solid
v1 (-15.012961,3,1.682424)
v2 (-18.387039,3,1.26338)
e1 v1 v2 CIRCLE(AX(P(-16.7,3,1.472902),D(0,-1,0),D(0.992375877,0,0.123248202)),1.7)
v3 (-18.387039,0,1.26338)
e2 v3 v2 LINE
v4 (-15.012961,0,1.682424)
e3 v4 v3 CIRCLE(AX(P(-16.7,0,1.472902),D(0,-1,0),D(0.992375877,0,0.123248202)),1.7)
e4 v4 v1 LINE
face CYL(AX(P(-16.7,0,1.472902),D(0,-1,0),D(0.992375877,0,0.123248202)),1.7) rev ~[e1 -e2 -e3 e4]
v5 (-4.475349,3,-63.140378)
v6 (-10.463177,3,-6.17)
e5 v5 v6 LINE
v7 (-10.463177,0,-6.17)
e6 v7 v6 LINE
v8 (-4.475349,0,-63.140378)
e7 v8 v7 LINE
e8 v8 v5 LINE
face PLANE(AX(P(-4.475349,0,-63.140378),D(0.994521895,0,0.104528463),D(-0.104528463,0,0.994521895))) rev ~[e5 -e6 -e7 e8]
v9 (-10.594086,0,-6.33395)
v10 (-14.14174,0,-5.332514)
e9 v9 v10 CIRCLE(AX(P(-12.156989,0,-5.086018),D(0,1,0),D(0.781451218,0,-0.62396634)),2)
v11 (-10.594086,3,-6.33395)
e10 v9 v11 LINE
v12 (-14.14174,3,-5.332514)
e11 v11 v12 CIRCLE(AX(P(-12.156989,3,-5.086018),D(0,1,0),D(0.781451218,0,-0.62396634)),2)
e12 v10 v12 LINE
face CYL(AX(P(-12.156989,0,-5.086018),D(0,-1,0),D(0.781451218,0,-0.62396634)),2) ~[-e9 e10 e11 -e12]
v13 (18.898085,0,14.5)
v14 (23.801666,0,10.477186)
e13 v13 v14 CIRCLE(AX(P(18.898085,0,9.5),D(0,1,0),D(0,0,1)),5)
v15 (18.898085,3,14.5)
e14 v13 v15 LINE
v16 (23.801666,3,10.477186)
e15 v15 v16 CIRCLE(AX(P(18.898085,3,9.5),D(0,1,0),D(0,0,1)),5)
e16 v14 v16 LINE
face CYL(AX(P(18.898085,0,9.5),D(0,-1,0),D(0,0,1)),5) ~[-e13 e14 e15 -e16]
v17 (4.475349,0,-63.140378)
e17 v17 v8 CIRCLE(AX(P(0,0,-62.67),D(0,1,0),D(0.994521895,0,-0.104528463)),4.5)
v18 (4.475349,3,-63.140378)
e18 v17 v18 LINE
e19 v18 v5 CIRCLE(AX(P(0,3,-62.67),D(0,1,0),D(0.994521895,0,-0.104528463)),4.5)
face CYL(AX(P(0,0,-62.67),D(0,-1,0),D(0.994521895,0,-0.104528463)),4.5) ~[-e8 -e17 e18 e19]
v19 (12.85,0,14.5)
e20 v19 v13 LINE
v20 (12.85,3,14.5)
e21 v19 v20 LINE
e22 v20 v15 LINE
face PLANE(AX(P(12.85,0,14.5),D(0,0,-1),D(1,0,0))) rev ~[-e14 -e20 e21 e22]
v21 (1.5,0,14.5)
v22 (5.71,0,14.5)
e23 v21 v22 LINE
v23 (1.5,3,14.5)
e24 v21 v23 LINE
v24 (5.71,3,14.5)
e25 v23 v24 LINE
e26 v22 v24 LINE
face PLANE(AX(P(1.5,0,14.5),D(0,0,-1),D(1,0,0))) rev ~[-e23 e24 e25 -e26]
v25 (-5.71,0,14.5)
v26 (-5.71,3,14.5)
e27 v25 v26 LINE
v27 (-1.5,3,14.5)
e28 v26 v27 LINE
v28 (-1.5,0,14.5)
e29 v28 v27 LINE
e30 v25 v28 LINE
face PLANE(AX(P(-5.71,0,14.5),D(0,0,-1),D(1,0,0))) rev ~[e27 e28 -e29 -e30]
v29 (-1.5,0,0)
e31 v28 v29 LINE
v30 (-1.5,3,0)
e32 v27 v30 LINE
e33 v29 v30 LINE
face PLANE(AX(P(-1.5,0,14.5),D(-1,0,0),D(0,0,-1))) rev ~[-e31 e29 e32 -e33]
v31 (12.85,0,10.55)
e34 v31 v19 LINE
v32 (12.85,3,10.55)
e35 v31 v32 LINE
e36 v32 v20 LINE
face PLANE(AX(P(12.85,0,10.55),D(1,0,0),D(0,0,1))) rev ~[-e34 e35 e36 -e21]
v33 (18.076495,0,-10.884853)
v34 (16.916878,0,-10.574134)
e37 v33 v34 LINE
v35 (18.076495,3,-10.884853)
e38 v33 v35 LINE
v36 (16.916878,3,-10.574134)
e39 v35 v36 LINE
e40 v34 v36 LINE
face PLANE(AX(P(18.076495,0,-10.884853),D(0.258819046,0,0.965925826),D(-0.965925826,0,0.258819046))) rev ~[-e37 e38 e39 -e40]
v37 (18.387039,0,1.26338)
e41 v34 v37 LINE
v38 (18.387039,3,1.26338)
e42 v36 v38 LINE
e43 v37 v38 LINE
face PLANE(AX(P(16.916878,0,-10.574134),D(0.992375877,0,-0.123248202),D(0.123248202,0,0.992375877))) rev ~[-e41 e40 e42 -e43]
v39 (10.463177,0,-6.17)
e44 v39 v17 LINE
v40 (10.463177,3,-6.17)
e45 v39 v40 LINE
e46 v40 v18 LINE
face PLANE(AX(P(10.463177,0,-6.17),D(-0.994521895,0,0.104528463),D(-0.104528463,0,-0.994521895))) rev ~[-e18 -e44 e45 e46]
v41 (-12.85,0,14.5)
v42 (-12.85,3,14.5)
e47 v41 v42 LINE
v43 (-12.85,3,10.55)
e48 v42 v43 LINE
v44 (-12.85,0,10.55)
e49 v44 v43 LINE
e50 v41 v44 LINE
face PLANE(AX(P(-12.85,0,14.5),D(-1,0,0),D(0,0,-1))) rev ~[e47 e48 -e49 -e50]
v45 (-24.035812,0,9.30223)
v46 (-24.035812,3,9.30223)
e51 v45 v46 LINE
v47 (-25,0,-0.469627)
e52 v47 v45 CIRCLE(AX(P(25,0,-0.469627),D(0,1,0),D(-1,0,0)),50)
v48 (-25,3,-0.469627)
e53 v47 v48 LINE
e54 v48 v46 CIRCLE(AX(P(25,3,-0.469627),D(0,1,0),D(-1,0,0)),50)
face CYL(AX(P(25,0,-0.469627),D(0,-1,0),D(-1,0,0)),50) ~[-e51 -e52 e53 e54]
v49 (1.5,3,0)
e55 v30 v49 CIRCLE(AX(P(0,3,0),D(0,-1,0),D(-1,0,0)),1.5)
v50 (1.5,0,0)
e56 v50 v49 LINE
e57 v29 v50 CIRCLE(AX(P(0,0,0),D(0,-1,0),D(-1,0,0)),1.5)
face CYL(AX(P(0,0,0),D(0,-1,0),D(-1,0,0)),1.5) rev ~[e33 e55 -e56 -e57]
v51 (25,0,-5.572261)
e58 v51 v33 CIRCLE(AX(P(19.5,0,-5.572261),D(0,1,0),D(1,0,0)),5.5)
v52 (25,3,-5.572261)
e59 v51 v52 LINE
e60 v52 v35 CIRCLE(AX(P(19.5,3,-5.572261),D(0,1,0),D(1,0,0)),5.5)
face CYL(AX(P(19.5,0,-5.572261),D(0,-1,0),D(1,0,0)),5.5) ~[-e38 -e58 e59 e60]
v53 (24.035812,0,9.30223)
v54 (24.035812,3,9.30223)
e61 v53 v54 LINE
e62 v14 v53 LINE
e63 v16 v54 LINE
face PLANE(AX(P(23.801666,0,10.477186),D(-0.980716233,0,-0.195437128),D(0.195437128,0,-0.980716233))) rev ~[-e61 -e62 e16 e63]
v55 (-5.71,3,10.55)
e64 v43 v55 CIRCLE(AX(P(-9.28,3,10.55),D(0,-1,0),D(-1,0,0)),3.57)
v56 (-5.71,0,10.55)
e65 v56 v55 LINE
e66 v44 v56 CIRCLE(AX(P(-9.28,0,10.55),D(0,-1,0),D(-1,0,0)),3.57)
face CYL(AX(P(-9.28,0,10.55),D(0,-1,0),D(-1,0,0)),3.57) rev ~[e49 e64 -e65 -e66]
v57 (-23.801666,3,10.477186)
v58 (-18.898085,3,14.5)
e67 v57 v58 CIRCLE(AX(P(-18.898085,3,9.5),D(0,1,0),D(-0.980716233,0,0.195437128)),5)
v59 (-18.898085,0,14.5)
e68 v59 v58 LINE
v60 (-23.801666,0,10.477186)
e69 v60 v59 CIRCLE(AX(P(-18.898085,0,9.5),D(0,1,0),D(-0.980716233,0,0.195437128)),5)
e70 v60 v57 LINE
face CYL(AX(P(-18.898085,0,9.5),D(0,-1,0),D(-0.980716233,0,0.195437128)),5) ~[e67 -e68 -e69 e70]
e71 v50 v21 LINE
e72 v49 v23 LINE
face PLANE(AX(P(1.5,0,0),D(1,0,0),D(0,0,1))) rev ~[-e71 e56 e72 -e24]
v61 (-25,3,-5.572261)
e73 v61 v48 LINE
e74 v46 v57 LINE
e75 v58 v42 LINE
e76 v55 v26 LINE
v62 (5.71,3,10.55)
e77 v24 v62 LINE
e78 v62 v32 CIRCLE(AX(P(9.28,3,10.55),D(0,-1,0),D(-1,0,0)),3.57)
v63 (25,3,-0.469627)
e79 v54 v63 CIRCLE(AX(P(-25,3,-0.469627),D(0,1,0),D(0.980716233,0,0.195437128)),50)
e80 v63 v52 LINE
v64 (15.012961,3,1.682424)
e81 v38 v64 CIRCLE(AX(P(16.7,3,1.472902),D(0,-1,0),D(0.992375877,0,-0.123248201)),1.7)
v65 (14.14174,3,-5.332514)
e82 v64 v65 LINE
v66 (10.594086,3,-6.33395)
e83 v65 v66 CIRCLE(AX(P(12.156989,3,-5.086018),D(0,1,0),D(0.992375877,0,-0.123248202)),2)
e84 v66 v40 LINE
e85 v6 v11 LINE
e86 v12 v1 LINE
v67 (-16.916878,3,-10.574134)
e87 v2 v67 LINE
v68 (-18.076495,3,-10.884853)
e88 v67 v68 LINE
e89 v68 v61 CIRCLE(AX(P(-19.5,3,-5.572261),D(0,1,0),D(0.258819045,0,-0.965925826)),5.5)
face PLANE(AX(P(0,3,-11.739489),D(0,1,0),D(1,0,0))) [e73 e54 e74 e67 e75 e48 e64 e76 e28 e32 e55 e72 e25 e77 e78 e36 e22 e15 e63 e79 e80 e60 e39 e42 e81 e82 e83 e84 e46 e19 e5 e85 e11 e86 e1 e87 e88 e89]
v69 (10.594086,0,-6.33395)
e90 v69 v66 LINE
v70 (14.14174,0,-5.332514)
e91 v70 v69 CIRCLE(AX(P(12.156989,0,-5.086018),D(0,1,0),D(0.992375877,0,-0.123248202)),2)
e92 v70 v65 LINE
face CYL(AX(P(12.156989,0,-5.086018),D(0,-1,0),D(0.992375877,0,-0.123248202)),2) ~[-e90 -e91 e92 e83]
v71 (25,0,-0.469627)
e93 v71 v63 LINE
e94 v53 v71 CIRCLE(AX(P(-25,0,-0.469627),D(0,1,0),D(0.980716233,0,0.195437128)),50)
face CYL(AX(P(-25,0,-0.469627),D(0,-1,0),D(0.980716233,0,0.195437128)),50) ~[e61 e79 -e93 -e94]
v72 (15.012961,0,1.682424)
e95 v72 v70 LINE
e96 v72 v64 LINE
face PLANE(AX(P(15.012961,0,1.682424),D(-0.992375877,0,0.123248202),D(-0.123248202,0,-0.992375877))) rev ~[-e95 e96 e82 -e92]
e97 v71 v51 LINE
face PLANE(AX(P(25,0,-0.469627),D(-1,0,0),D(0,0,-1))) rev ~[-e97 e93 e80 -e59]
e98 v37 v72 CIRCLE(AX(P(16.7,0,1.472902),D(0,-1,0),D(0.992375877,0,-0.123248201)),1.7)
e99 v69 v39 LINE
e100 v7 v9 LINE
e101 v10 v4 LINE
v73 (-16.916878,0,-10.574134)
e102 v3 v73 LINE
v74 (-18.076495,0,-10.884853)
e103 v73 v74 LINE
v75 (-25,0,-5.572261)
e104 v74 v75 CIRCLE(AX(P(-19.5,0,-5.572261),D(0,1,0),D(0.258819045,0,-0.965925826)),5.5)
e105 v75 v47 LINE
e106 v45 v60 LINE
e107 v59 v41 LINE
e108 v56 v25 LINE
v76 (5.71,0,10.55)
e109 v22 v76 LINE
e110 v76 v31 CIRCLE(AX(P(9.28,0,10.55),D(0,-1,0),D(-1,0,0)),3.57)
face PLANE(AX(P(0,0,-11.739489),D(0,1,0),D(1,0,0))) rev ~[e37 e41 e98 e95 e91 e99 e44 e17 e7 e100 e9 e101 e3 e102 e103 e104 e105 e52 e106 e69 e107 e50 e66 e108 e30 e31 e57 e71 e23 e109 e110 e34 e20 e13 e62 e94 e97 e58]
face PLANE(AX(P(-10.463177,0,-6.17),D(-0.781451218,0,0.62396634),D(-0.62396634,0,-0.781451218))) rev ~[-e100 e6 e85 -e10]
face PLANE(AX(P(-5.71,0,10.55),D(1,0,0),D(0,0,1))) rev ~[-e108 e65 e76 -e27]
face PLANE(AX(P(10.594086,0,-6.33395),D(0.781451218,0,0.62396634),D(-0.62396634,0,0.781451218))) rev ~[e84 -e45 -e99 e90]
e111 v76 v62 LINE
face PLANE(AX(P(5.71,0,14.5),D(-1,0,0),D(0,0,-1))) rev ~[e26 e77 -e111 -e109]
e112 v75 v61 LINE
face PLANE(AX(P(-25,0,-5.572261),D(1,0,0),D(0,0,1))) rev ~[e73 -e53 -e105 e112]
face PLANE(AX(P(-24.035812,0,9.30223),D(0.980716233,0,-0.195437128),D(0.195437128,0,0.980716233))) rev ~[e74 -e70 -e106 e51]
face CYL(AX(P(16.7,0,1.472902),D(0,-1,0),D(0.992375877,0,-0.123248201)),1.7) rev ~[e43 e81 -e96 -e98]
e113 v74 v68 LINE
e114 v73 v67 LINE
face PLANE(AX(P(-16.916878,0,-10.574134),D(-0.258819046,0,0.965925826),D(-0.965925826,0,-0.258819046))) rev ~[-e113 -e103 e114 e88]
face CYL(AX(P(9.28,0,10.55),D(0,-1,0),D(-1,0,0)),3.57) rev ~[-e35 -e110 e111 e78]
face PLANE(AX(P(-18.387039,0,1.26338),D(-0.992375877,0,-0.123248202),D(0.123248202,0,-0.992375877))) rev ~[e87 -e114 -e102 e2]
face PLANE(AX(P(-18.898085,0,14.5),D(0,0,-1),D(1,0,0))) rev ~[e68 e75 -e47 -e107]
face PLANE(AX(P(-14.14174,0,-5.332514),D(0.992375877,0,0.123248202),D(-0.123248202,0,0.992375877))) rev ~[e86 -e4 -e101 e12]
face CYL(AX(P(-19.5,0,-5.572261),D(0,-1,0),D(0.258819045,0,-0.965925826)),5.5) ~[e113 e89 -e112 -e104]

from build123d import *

# Parameters (mm, degrees)
BOSS_EXTRUDE1_DEPTH = 3


with BuildPart() as part:
    # Sketch1 → Boss-Extrude1 (new body)
    with BuildSketch(Plane(origin=(0, 0, 0), x_dir=(1, 0, 0), z_dir=(0, 1, 0))):
        with BuildLine():
            Line((10.463176551, 6.170000059), (4.475348529, 63.140378143))
            ThreePointArc((4.475348529, 63.140378143), (0, 67.170000059), (-4.475348529, 63.140378143))
            Line((-4.475348529, 63.140378143), (-10.463176551, 6.170000059))
            Line((-10.463176551, 6.170000059), (-10.594086082, 6.333950269))
            ThreePointArc((-10.594086082, 6.333950269), (-12.700318865, 7.010801248), (-14.141740272, 5.332513992))
            Line((-14.141740272, 5.332513992), (-15.012961009, -1.682423602))
            ThreePointArc((-15.012961009, -1.682423602), (-16.909521943, -3.15994065), (-18.387038991, -1.263379717))
            Line((-18.387038991, -1.263379717), (-16.916878018, 10.574134051))
            Line((-16.916878018, 10.574134051), (-18.076495252, 10.884852553))
            ThreePointArc((-18.076495252, 10.884852553), (-22.84818786, 9.93570388), (-25, 5.572260508))
            Line((-25, 5.572260508), (-25, 0.469626677))
            ThreePointArc((-25, 0.469626677), (-24.758369054, -4.440028009), (-24.035811635, -9.302229714))
            Line((-24.035811635, -9.302229714), (-23.801666433, -10.47718558))
            ThreePointArc((-23.801666433, -10.47718558), (-22.069368276, -13.365612971), (-18.89808527, -14.499999941))
            Line((-18.89808527, -14.499999941), (-12.85, -14.499999941))
            Line((-12.85, -14.499999941), (-12.85, -10.549999941))
            ThreePointArc((-12.85, -10.549999941), (-9.28, -6.979999941), (-5.71, -10.549999941))
            Line((-5.71, -10.549999941), (-5.71, -14.499999941))
            Line((-5.71, -14.499999941), (-1.500000059, -14.499999941))
            Line((-1.500000059, -14.499999941), (-1.500000059, 0))
            ThreePointArc((-1.500000059, 0), (0, 1.500000059), (1.500000059, 0))
            Line((1.500000059, 0), (1.500000059, -14.499999941))
            Line((1.500000059, -14.499999941), (5.71, -14.499999941))
            Line((5.71, -14.499999941), (5.71, -10.549999941))
            ThreePointArc((5.71, -10.549999941), (9.28, -6.979999941), (12.85, -10.549999941))
            Line((12.85, -10.549999941), (12.85, -14.499999941))
            Line((12.85, -14.499999941), (18.89808527, -14.499999941))
            ThreePointArc((18.89808527, -14.499999941), (22.069368276, -13.365612971), (23.801666433, -10.47718558))
            Line((23.801666433, -10.47718558), (24.035811635, -9.302229714))
            ThreePointArc((24.035811635, -9.302229714), (24.758369054, -4.440028009), (25, 0.469626677))
            Line((25, 0.469626677), (25, 5.572260508))
            ThreePointArc((25, 5.572260508), (22.84818786, 9.93570388), (18.076495252, 10.884852553))
            Line((18.076495252, 10.884852553), (16.916878018, 10.574134051))
            Line((16.916878018, 10.574134051), (18.387038991, -1.263379717))
            ThreePointArc((18.387038991, -1.263379717), (16.909521943, -3.15994065), (15.012961009, -1.682423602))
            Line((15.012961009, -1.682423602), (14.141740272, 5.332513992))
            ThreePointArc((14.141740272, 5.332513992), (12.700318865, 7.010801248), (10.594086082, 6.333950269))
            Line((10.594086082, 6.333950269), (10.463176551, 6.170000059))
        make_face()
    extrude(amount=BOSS_EXTRUDE1_DEPTH)


solid = part.part
